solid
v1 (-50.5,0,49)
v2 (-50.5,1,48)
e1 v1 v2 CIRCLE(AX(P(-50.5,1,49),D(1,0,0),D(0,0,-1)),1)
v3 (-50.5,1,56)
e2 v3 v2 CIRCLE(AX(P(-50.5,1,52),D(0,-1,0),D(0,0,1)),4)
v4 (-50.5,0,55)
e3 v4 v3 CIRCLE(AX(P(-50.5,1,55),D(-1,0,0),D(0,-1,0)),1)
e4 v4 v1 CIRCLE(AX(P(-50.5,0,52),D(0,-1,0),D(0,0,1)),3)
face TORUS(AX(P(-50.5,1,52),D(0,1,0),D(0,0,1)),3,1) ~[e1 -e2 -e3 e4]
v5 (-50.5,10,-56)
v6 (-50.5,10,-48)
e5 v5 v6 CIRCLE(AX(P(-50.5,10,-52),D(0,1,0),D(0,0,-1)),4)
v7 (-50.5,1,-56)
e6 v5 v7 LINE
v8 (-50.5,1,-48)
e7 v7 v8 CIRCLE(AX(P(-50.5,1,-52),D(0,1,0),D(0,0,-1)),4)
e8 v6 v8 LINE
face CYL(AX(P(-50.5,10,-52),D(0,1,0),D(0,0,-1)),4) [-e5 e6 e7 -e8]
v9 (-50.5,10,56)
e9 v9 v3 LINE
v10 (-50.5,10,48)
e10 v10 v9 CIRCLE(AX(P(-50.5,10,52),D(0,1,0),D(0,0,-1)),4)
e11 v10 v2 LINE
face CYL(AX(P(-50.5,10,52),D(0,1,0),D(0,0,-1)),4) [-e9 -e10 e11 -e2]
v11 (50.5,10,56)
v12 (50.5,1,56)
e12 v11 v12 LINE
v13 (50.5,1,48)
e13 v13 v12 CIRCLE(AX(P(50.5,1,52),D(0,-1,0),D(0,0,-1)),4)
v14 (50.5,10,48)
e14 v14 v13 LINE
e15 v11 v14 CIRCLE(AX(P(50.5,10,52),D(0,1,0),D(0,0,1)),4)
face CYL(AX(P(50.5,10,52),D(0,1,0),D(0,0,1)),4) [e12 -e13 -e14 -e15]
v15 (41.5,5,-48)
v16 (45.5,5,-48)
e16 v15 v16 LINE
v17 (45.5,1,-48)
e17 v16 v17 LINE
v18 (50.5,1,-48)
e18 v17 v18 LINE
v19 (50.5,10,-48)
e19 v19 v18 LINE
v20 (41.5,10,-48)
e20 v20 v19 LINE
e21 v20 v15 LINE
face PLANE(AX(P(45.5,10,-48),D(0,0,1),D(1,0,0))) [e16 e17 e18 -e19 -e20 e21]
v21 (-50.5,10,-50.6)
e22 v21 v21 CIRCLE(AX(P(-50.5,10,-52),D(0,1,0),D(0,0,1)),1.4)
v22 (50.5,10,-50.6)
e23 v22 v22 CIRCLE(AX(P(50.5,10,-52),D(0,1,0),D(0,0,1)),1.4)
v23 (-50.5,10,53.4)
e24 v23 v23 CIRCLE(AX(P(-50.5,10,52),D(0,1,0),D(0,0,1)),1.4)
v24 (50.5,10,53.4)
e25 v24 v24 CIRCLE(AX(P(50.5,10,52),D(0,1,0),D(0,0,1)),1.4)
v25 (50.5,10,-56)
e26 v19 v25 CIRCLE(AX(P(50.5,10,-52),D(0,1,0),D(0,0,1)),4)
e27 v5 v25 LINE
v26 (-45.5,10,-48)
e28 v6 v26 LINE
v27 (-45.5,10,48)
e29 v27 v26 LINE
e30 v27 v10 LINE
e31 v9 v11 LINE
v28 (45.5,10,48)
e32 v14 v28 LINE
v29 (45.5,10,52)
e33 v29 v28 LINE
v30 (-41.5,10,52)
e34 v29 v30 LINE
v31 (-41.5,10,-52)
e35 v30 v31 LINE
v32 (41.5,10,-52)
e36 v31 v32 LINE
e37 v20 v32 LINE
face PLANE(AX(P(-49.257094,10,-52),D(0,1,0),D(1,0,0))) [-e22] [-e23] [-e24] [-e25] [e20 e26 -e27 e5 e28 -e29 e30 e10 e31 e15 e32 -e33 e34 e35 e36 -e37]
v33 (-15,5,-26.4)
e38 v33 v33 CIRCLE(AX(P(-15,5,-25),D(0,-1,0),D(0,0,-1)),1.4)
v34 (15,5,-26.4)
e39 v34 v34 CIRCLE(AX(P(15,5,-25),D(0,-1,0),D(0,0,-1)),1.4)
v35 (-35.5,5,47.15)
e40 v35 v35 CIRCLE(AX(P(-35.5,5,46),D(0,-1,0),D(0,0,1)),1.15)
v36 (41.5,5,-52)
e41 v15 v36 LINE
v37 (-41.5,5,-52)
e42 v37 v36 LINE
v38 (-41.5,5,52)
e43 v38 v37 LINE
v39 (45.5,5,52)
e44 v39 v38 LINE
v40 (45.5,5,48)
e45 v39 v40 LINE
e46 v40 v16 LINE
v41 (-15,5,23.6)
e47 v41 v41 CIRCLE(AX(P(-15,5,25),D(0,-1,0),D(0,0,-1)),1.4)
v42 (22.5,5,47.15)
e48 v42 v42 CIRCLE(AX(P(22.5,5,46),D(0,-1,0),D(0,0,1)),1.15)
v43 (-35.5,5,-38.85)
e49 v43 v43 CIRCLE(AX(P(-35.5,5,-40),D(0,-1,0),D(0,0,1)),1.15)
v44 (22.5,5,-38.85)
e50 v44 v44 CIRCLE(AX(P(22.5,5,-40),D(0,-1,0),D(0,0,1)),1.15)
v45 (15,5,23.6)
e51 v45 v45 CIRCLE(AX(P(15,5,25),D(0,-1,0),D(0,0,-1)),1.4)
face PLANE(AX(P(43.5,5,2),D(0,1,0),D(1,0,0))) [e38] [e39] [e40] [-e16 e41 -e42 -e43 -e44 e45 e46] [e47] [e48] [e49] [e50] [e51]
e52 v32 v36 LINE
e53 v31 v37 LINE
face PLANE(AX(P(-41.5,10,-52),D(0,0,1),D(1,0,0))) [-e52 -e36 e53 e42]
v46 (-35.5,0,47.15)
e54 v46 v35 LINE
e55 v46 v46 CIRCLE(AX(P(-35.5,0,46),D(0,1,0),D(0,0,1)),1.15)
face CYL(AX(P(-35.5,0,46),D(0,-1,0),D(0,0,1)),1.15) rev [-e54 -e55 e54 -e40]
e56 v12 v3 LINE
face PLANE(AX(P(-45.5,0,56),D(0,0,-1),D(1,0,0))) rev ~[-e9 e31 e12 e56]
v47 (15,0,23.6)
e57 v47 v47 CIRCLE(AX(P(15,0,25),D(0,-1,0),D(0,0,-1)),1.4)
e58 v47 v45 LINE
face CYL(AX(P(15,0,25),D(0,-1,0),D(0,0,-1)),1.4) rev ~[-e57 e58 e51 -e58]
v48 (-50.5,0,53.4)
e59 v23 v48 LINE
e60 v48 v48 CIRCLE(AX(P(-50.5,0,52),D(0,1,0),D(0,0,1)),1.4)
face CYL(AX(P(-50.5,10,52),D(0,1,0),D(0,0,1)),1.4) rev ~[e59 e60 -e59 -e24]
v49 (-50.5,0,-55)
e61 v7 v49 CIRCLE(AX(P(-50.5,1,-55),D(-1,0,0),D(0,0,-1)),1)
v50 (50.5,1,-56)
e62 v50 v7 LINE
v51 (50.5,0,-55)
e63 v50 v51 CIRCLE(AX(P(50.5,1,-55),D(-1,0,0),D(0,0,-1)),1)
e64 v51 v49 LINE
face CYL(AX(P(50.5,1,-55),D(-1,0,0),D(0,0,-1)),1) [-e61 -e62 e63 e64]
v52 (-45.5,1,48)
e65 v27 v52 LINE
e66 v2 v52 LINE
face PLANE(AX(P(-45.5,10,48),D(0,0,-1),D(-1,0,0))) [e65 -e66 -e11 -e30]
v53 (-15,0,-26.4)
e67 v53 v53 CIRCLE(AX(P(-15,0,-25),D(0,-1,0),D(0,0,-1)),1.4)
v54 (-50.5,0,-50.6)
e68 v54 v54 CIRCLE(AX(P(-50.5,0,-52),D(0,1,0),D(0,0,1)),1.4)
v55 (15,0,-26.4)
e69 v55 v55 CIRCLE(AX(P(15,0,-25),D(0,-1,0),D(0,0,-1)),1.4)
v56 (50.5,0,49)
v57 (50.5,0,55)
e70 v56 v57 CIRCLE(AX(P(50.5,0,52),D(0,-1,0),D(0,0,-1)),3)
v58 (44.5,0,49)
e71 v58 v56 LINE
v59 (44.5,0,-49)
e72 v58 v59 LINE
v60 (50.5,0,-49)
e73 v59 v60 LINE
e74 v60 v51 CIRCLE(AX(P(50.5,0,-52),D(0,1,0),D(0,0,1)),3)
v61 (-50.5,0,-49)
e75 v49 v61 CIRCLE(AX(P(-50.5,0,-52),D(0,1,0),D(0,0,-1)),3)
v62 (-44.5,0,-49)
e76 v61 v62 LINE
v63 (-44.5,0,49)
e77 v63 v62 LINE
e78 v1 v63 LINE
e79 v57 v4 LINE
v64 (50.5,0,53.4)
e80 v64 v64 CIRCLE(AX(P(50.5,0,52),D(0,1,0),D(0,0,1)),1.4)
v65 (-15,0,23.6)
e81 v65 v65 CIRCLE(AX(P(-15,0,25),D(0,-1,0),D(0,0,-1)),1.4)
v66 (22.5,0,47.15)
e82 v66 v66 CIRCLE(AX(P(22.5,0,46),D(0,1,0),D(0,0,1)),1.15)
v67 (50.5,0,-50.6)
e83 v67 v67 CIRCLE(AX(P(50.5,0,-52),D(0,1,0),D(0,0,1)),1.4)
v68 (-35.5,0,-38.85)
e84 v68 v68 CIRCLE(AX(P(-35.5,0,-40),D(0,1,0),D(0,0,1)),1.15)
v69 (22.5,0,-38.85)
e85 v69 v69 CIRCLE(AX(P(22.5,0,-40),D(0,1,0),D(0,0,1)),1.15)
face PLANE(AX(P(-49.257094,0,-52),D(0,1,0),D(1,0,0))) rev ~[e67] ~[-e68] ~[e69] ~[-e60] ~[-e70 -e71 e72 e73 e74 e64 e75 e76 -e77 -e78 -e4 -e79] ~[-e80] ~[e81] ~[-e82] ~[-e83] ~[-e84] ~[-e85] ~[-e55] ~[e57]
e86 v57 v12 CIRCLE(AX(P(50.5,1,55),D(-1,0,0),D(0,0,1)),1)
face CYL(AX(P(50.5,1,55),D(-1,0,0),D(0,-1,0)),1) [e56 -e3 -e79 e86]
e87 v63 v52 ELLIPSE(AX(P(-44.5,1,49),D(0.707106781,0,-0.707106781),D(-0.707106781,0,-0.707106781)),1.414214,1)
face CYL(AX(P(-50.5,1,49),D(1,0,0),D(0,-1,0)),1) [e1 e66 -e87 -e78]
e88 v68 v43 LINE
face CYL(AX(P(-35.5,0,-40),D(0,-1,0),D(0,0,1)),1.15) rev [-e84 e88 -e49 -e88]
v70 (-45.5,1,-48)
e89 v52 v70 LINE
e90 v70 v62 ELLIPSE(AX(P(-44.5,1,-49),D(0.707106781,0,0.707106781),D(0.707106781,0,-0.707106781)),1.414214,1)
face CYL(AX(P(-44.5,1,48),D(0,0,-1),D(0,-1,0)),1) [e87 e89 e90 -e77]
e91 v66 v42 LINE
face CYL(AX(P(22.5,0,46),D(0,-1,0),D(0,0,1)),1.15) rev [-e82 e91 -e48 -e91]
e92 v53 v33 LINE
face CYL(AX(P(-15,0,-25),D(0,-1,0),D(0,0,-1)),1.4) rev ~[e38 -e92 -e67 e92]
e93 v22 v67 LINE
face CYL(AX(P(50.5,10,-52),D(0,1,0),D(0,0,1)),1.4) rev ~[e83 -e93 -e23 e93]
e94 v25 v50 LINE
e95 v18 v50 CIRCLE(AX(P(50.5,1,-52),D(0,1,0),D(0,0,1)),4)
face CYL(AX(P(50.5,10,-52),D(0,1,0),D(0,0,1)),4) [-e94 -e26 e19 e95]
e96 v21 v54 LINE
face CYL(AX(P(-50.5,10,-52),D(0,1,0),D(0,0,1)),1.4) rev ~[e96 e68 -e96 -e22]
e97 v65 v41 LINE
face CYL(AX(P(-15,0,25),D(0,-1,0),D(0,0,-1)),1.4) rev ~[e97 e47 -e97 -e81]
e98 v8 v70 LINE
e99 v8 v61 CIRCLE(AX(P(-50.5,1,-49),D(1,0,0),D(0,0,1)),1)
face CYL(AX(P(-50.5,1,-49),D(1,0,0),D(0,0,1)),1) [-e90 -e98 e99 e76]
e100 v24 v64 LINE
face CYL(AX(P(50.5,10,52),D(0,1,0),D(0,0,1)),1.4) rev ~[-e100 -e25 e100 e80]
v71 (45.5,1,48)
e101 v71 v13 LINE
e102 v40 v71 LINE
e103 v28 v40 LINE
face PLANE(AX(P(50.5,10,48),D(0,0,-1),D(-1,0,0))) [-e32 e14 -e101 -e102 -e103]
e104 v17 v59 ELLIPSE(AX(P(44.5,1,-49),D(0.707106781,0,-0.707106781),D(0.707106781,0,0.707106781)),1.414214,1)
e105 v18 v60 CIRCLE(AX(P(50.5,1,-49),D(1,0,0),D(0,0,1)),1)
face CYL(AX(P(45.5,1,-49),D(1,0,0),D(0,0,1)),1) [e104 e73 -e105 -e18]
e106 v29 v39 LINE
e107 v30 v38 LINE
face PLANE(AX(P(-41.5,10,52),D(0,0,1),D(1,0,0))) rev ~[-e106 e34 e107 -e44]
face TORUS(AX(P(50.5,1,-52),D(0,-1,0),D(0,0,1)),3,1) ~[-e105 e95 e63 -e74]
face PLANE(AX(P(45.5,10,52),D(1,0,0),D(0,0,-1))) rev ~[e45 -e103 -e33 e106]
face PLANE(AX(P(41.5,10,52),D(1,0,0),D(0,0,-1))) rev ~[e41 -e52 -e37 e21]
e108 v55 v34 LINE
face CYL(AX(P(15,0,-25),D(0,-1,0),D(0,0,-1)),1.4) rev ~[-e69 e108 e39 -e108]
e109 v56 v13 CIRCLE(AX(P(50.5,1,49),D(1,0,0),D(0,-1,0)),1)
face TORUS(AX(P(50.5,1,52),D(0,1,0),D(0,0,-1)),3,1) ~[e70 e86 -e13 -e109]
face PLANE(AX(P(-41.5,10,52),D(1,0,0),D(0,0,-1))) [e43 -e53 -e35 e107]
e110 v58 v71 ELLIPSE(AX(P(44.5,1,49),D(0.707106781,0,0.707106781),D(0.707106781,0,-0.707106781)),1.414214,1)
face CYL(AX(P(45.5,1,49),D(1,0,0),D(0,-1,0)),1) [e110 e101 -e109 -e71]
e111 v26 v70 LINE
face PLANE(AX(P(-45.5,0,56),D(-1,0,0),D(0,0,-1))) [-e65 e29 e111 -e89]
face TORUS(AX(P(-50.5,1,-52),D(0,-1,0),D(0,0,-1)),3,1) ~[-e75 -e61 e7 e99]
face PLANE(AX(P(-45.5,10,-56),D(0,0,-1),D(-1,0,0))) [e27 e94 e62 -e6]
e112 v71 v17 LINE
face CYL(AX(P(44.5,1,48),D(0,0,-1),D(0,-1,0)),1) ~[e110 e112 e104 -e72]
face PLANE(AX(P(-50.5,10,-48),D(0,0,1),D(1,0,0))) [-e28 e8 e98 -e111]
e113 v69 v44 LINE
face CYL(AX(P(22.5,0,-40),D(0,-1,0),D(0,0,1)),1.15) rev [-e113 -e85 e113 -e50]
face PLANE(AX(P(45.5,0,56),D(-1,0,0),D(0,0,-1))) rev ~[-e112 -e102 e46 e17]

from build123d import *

# Parameters (mm, degrees)
SKETCH1_W                         = 91
SKETCH1_H                         = 112
SKETCH1_R                         = 1.15
BASE_DEPTH                        = 10
SKETCH2_W                         = 83
SKETCH2_H                         = 104
MODULE_CUTOUT_DEPTH               = 5
SKETCH3_R                         = 1.4
CASE_ASSEMBLY_HOLES_DEPTH         = 10
SKETCH5_W                         = 4
SKETCH5_H                         = 100
PORTS_SIDE_RECESS_DEPTH           = 5
BASKET_CLAMP_MOUNTING_HOLES_REACH = 80.78
SKETCH4_R                         = 1.4
F_1MM_EDGE_FILLETS_R              = 1


with BuildPart() as part:
    # Sketch1 → Base (new body)
    with BuildSketch(Plane(origin=(0, 0, 0), x_dir=(1, 0, 0), z_dir=(0, 1, 0))):
        Rectangle(SKETCH1_W, SKETCH1_H)
        with Locations(Location((-35.5, -46, 0), (0, 0, 270))):
            Circle(SKETCH1_R, mode=Mode.SUBTRACT)
        with Locations(Location((22.5, -46, 0), (0, 0, 270))):
            Circle(SKETCH1_R, mode=Mode.SUBTRACT)
        with Locations(Location((22.5, 40, 0), (0, 0, 270))):
            Circle(SKETCH1_R, mode=Mode.SUBTRACT)
        with Locations(Location((-35.5, 40, 0), (0, 0, 270))):
            Circle(SKETCH1_R, mode=Mode.SUBTRACT)
    extrude(amount=BASE_DEPTH)

    # Sketch2 → Module Cutout (cut)
    with BuildSketch(Plane(origin=(0, 10, 0), x_dir=(1, 0, 0), z_dir=(0, 1, 0))):
        Rectangle(SKETCH2_W, SKETCH2_H)
    extrude(amount=-MODULE_CUTOUT_DEPTH, mode=Mode.SUBTRACT)

    # Sketch3 → Case Assembly Holes (add)
    # profile 1 of 4: a face of its own
    with BuildSketch(Plane(origin=(0, 10, 0), x_dir=(1, 0, 0), z_dir=(0, 1, 0))):
        with BuildLine():
            Line((-45.5, 56), (-50.5, 56))
            ThreePointArc((-50.5, 56), (-54.5, 52), (-50.5, 48))
            Line((-50.5, 48), (-45.5, 48))
            Line((-45.5, 48), (-45.5, 56))
        make_face()
        with Locations(Location((-50.5, 52, 0), (0, 0, 270))):
            Circle(SKETCH3_R, mode=Mode.SUBTRACT)
    # profile 2 of 4: a face of its own
    with BuildSketch(Plane(origin=(0, 10, 0), x_dir=(1, 0, 0), z_dir=(0, 1, 0))):
        with BuildLine():
            Line((45.5, 48), (50.5, 48))
            ThreePointArc((50.5, 48), (54.5, 52), (50.5, 56))
            Line((50.5, 56), (45.5, 56))
            Line((45.5, 56), (45.5, 48))
        make_face()
        with Locations(Location((50.5, 52, 0), (0, 0, 270))):
            Circle(SKETCH3_R, mode=Mode.SUBTRACT)
    # profile 3 of 4: a face of its own
    with BuildSketch(Plane(origin=(0, 10, 0), x_dir=(1, 0, 0), z_dir=(0, 1, 0))):
        with BuildLine():
            Line((45.5, -56), (50.5, -56))
            ThreePointArc((50.5, -56), (54.5, -52), (50.5, -48))
            Line((50.5, -48), (45.5, -48))
            Line((45.5, -48), (45.5, -56))
        make_face()
        with Locations(Location((50.5, -52, 0), (0, 0, 270))):
            Circle(SKETCH3_R, mode=Mode.SUBTRACT)
    # profile 4 of 4: a face of its own
    with BuildSketch(Plane(origin=(0, 10, 0), x_dir=(1, 0, 0), z_dir=(0, 1, 0))):
        with BuildLine():
            Line((-45.5, -48), (-50.5, -48))
            ThreePointArc((-50.5, -48), (-54.5, -52), (-50.5, -56))
            Line((-50.5, -56), (-45.5, -56))
            Line((-45.5, -56), (-45.5, -48))
        make_face()
        with Locations(Location((-50.5, -52, 0), (0, 0, 270))):
            Circle(SKETCH3_R, mode=Mode.SUBTRACT)
    extrude(amount=-CASE_ASSEMBLY_HOLES_DEPTH)

    # Sketch5 → Ports Side Recess (cut)
    with BuildSketch(Plane(origin=(0, 10, 0), x_dir=(1, 0, 0), z_dir=(0, 1, 0))):
        with Locations((43.5, -2)):
            Rectangle(SKETCH5_W, SKETCH5_H)
    extrude(amount=-PORTS_SIDE_RECESS_DEPTH, mode=Mode.SUBTRACT)

    # Sketch4 → Basket Clamp Mounting Holes (cut, up to next)
    with BuildSketch(Plane.XZ, mode=Mode.PRIVATE) as basket_clamp_mounting_holes_sk1:
        with Locations(Location((-15, 25, 0), (0, 0, 270))):
            Circle(SKETCH4_R)
    basket_clamp_mounting_holes_tool1 = extrude(basket_clamp_mounting_holes_sk1.sketch, amount=-BASKET_CLAMP_MOUNTING_HOLES_REACH, mode=Mode.PRIVATE) & part.part
    # Sketch4 → Basket Clamp Mounting Holes (cut, up to next)
    with BuildSketch(Plane.XZ, mode=Mode.PRIVATE) as basket_clamp_mounting_holes_sk2:
        with Locations(Location((-15, -25, 0), (0, 0, 270))):
            Circle(SKETCH4_R)
    basket_clamp_mounting_holes_tool2 = extrude(basket_clamp_mounting_holes_sk2.sketch, amount=-BASKET_CLAMP_MOUNTING_HOLES_REACH, mode=Mode.PRIVATE) & part.part
    # Sketch4 → Basket Clamp Mounting Holes (cut, up to next)
    with BuildSketch(Plane.XZ, mode=Mode.PRIVATE) as basket_clamp_mounting_holes_sk3:
        with Locations(Location((15, -25, 0), (0, 0, 270))):
            Circle(SKETCH4_R)
    basket_clamp_mounting_holes_tool3 = extrude(basket_clamp_mounting_holes_sk3.sketch, amount=-BASKET_CLAMP_MOUNTING_HOLES_REACH, mode=Mode.PRIVATE) & part.part
    # Sketch4 → Basket Clamp Mounting Holes (cut, up to next)
    with BuildSketch(Plane.XZ, mode=Mode.PRIVATE) as basket_clamp_mounting_holes_sk4:
        with Locations(Location((15, 25, 0), (0, 0, 270))):
            Circle(SKETCH4_R)
    basket_clamp_mounting_holes_tool4 = extrude(basket_clamp_mounting_holes_sk4.sketch, amount=-BASKET_CLAMP_MOUNTING_HOLES_REACH, mode=Mode.PRIVATE) & part.part
    add(basket_clamp_mounting_holes_tool1.solids().sort_by_distance((-15, 0, 25))[0], mode=Mode.SUBTRACT)
    add(basket_clamp_mounting_holes_tool2.solids().sort_by_distance((-15, 0, -25))[0], mode=Mode.SUBTRACT)
    add(basket_clamp_mounting_holes_tool3.solids().sort_by_distance((15, 0, -25))[0], mode=Mode.SUBTRACT)
    add(basket_clamp_mounting_holes_tool4.solids().sort_by_distance((15, 0, 25))[0], mode=Mode.SUBTRACT)

    # 1mm Edge Fillets
    f_1mm_edge_fillets_edges = [part.edges().sort_by_distance(p)[0] for p in [
        (0, 0, -56),
        (-45.5, 0, 0),
        (-48, 0, -48),
        (-54.5, 0, -52),
        (0, 0, 56),
        (54.5, 0, -52),
        (48, 0, -48),
        (45.5, 0, 0),
        (54.5, 0, 52),
        (48, 0, 48),
        (-54.5, 0, 52),
        (-48, 0, 48),
    ]]
    fillet(f_1mm_edge_fillets_edges, radius=F_1MM_EDGE_FILLETS_R)


solid = part.part
